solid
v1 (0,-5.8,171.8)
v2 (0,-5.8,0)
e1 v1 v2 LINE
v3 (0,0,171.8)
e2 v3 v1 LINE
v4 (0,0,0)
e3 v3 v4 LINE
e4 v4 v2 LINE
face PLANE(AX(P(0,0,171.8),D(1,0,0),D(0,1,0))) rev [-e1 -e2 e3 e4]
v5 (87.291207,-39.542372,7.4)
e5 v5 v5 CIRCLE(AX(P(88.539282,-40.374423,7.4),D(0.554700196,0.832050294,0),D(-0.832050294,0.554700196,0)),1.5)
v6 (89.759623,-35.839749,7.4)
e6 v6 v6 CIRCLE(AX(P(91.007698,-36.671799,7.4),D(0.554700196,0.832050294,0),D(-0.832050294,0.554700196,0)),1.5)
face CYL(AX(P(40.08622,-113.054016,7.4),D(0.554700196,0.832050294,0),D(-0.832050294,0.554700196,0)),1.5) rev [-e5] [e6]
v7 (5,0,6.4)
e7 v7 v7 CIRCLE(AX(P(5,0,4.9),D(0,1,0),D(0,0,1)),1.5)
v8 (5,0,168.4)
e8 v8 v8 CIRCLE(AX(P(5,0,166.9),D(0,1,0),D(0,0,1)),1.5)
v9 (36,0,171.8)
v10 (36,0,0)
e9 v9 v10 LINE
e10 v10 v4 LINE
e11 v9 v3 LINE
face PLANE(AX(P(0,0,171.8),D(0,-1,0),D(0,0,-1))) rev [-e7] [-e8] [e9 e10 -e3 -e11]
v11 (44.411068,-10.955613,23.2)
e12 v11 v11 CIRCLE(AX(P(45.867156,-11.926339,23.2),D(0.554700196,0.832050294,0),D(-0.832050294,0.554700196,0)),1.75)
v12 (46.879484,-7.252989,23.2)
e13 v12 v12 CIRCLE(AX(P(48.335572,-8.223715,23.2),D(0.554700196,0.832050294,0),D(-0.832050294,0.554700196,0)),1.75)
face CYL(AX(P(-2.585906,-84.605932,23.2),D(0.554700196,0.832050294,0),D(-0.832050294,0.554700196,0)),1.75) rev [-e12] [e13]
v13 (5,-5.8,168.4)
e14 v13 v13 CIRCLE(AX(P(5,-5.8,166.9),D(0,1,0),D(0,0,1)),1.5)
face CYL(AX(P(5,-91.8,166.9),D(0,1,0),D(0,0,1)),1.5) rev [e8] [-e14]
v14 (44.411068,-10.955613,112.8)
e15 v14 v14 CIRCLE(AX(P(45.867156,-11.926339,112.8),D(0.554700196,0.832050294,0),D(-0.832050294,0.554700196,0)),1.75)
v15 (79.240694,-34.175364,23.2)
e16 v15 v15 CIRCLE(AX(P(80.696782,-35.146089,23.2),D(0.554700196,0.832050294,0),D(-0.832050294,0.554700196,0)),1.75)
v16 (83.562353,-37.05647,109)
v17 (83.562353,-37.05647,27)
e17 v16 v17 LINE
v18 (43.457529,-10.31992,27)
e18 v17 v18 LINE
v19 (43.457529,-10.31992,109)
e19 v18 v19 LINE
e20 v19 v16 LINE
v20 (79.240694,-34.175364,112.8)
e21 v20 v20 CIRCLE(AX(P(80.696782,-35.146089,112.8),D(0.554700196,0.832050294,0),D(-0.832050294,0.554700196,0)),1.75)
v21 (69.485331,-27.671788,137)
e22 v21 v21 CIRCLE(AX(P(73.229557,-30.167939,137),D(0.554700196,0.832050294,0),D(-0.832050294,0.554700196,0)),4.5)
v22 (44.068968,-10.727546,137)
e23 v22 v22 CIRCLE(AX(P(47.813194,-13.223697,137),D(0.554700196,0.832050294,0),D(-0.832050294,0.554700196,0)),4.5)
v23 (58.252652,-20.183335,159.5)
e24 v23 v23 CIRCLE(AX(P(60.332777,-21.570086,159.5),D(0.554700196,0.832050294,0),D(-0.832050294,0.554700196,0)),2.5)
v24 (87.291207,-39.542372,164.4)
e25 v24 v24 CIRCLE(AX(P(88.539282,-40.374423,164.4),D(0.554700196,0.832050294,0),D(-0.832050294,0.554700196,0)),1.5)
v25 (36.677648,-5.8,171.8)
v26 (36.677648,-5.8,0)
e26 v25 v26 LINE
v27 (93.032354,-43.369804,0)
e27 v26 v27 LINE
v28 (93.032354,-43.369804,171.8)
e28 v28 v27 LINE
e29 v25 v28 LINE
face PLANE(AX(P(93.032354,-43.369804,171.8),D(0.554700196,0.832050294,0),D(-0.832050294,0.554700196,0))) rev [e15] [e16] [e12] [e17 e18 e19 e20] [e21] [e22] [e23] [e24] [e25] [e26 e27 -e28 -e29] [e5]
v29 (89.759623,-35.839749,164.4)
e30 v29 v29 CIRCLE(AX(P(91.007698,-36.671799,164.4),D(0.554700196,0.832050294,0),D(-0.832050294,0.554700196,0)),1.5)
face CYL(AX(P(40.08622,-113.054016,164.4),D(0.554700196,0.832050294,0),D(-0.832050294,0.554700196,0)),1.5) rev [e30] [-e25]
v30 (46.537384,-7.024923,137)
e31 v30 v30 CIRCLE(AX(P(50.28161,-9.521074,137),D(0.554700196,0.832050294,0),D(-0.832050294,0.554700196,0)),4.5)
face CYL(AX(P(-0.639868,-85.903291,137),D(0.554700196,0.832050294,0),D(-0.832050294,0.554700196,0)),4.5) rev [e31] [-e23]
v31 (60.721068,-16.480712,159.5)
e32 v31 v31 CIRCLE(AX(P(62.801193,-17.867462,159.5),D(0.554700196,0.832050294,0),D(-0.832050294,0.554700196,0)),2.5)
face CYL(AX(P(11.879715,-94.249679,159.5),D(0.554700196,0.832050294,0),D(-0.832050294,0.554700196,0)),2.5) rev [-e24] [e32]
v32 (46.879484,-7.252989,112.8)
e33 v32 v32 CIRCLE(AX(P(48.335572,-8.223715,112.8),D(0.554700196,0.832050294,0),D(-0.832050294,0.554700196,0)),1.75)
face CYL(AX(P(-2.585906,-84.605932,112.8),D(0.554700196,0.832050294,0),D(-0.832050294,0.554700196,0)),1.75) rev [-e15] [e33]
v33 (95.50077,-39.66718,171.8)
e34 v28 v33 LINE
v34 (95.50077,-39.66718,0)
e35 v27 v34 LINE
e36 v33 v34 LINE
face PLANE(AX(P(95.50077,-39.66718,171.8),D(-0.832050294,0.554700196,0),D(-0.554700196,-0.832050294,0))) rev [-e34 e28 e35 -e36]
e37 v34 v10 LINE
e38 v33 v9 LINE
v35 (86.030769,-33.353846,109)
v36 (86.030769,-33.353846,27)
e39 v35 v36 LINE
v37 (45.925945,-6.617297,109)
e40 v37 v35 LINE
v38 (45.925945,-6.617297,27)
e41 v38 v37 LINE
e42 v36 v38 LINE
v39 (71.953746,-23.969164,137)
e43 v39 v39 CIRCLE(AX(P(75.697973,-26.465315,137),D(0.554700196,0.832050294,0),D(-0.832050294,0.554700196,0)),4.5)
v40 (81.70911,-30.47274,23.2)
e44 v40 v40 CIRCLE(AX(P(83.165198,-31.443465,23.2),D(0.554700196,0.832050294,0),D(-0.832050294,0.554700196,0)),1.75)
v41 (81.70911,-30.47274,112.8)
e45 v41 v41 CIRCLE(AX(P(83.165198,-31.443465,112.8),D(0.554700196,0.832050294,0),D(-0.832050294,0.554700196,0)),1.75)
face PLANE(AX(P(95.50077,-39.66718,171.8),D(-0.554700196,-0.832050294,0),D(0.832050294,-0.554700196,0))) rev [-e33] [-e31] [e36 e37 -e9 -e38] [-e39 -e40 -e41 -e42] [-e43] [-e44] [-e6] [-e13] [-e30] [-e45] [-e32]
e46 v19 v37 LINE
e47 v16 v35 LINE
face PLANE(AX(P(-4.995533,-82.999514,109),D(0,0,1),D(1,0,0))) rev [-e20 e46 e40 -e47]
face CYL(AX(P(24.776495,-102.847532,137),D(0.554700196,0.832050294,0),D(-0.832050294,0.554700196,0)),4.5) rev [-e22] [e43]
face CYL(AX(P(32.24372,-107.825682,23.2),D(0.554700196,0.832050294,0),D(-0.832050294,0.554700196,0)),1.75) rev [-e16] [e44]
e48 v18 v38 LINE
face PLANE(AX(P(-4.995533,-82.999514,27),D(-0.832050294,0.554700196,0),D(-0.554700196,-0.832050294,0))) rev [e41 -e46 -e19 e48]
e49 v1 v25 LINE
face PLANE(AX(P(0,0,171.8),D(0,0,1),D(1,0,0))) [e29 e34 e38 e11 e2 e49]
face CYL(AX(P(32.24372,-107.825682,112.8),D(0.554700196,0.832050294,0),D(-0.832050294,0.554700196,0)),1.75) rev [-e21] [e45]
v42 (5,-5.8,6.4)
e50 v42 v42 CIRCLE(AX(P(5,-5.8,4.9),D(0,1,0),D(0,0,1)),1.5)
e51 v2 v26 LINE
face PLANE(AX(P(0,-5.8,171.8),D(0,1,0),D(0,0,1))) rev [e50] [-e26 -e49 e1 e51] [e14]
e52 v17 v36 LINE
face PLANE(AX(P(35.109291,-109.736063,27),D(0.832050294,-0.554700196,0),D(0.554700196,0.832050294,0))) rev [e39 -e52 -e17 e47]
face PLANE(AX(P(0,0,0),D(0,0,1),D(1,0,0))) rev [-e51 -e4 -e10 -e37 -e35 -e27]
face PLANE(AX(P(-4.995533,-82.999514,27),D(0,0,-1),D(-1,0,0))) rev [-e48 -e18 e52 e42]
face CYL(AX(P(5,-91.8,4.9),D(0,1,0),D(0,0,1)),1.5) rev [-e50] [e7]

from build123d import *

# Parameters (mm, degrees)
RESSALTO_EXTRUS_O1_DEPTH = 171.8
ESBO_O2_R                = 1.75
ESBO_O2_R_2              = 4.5
ESBO_O2_R_3              = 2.5
ESBO_O2_R_4              = 1.5
ESBO_O2_W                = 48.2
ESBO_O2_H                = 82
CORTE_EXTRUS_O1_DEPTH    = 91.8
ESBO_O3_R                = 1.5
CORTE_EXTRUS_O2_DEPTH    = 91.8


with BuildPart() as part:
    # Esboço1 → Ressalto-extrusão1 (new body)
    with BuildSketch(Plane.XY):
        Polygon((0, 0), (36, 0), (95.500769823, -39.667179882), (93.03235395, -43.369803692), (36.677648412, -5.8), (0, -5.8), align=None)
    extrude(amount=RESSALTO_EXTRUS_O1_DEPTH)

    # Esboço2 → Corte-extrusão1 (cut)
    with BuildSketch(Plane(origin=(11.076923077, 16.615384615, 0), x_dir=(0.8320502943378437, -0.5547001962252291, 0), z_dir=(0.5547001962252291, 0.8320502943378437, 0))):
        with Locations(Location((44.779323351, -112.8, 0), (0, 0, 180))):
            Circle(ESBO_O2_R)
        with Locations(Location((86.639323351, -112.8, 0), (0, 0, 180))):
            Circle(ESBO_O2_R)
        with Locations(Location((44.779323351, -23.2, 0), (0, 0, 180))):
            Circle(ESBO_O2_R)
        with Locations(Location((86.639323351, -23.2, 0), (0, 0, 180))):
            Circle(ESBO_O2_R)
        with Locations(Location((77.664836105, -137, 0), (0, 0, 180))):
            Circle(ESBO_O2_R_2)
        with Locations(Location((47.118170034, -137, 0), (0, 0, 180))):
            Circle(ESBO_O2_R_2)
        with Locations(Location((62.164836105, -159.5, 0), (0, 0, 180))):
            Circle(ESBO_O2_R_3)
        with Locations(Location((96.064836105, -164.4, 0), (0, 0, 180))):
            Circle(ESBO_O2_R_4)
        with Locations(Location((96.064836105, -7.4, 0), (0, 0, 180))):
            Circle(ESBO_O2_R_4)
        with Locations((65.983311741, -68)):
            Rectangle(ESBO_O2_W, ESBO_O2_H)
    extrude(amount=-CORTE_EXTRUS_O1_DEPTH, mode=Mode.SUBTRACT)

    # Esboço3 → Corte-extrusão2 (cut)
    with BuildSketch(Plane(origin=(0, 0, 0), x_dir=(1, 0, 0), z_dir=(0, 1, 0))):
        with Locations(Location((5, -166.9, 0), (0, 0, 270))):
            Circle(ESBO_O3_R)
        with Locations(Location((5, -4.9, 0), (0, 0, 270))):
            Circle(ESBO_O3_R)
    extrude(amount=-CORTE_EXTRUS_O2_DEPTH, mode=Mode.SUBTRACT)


solid = part.part
